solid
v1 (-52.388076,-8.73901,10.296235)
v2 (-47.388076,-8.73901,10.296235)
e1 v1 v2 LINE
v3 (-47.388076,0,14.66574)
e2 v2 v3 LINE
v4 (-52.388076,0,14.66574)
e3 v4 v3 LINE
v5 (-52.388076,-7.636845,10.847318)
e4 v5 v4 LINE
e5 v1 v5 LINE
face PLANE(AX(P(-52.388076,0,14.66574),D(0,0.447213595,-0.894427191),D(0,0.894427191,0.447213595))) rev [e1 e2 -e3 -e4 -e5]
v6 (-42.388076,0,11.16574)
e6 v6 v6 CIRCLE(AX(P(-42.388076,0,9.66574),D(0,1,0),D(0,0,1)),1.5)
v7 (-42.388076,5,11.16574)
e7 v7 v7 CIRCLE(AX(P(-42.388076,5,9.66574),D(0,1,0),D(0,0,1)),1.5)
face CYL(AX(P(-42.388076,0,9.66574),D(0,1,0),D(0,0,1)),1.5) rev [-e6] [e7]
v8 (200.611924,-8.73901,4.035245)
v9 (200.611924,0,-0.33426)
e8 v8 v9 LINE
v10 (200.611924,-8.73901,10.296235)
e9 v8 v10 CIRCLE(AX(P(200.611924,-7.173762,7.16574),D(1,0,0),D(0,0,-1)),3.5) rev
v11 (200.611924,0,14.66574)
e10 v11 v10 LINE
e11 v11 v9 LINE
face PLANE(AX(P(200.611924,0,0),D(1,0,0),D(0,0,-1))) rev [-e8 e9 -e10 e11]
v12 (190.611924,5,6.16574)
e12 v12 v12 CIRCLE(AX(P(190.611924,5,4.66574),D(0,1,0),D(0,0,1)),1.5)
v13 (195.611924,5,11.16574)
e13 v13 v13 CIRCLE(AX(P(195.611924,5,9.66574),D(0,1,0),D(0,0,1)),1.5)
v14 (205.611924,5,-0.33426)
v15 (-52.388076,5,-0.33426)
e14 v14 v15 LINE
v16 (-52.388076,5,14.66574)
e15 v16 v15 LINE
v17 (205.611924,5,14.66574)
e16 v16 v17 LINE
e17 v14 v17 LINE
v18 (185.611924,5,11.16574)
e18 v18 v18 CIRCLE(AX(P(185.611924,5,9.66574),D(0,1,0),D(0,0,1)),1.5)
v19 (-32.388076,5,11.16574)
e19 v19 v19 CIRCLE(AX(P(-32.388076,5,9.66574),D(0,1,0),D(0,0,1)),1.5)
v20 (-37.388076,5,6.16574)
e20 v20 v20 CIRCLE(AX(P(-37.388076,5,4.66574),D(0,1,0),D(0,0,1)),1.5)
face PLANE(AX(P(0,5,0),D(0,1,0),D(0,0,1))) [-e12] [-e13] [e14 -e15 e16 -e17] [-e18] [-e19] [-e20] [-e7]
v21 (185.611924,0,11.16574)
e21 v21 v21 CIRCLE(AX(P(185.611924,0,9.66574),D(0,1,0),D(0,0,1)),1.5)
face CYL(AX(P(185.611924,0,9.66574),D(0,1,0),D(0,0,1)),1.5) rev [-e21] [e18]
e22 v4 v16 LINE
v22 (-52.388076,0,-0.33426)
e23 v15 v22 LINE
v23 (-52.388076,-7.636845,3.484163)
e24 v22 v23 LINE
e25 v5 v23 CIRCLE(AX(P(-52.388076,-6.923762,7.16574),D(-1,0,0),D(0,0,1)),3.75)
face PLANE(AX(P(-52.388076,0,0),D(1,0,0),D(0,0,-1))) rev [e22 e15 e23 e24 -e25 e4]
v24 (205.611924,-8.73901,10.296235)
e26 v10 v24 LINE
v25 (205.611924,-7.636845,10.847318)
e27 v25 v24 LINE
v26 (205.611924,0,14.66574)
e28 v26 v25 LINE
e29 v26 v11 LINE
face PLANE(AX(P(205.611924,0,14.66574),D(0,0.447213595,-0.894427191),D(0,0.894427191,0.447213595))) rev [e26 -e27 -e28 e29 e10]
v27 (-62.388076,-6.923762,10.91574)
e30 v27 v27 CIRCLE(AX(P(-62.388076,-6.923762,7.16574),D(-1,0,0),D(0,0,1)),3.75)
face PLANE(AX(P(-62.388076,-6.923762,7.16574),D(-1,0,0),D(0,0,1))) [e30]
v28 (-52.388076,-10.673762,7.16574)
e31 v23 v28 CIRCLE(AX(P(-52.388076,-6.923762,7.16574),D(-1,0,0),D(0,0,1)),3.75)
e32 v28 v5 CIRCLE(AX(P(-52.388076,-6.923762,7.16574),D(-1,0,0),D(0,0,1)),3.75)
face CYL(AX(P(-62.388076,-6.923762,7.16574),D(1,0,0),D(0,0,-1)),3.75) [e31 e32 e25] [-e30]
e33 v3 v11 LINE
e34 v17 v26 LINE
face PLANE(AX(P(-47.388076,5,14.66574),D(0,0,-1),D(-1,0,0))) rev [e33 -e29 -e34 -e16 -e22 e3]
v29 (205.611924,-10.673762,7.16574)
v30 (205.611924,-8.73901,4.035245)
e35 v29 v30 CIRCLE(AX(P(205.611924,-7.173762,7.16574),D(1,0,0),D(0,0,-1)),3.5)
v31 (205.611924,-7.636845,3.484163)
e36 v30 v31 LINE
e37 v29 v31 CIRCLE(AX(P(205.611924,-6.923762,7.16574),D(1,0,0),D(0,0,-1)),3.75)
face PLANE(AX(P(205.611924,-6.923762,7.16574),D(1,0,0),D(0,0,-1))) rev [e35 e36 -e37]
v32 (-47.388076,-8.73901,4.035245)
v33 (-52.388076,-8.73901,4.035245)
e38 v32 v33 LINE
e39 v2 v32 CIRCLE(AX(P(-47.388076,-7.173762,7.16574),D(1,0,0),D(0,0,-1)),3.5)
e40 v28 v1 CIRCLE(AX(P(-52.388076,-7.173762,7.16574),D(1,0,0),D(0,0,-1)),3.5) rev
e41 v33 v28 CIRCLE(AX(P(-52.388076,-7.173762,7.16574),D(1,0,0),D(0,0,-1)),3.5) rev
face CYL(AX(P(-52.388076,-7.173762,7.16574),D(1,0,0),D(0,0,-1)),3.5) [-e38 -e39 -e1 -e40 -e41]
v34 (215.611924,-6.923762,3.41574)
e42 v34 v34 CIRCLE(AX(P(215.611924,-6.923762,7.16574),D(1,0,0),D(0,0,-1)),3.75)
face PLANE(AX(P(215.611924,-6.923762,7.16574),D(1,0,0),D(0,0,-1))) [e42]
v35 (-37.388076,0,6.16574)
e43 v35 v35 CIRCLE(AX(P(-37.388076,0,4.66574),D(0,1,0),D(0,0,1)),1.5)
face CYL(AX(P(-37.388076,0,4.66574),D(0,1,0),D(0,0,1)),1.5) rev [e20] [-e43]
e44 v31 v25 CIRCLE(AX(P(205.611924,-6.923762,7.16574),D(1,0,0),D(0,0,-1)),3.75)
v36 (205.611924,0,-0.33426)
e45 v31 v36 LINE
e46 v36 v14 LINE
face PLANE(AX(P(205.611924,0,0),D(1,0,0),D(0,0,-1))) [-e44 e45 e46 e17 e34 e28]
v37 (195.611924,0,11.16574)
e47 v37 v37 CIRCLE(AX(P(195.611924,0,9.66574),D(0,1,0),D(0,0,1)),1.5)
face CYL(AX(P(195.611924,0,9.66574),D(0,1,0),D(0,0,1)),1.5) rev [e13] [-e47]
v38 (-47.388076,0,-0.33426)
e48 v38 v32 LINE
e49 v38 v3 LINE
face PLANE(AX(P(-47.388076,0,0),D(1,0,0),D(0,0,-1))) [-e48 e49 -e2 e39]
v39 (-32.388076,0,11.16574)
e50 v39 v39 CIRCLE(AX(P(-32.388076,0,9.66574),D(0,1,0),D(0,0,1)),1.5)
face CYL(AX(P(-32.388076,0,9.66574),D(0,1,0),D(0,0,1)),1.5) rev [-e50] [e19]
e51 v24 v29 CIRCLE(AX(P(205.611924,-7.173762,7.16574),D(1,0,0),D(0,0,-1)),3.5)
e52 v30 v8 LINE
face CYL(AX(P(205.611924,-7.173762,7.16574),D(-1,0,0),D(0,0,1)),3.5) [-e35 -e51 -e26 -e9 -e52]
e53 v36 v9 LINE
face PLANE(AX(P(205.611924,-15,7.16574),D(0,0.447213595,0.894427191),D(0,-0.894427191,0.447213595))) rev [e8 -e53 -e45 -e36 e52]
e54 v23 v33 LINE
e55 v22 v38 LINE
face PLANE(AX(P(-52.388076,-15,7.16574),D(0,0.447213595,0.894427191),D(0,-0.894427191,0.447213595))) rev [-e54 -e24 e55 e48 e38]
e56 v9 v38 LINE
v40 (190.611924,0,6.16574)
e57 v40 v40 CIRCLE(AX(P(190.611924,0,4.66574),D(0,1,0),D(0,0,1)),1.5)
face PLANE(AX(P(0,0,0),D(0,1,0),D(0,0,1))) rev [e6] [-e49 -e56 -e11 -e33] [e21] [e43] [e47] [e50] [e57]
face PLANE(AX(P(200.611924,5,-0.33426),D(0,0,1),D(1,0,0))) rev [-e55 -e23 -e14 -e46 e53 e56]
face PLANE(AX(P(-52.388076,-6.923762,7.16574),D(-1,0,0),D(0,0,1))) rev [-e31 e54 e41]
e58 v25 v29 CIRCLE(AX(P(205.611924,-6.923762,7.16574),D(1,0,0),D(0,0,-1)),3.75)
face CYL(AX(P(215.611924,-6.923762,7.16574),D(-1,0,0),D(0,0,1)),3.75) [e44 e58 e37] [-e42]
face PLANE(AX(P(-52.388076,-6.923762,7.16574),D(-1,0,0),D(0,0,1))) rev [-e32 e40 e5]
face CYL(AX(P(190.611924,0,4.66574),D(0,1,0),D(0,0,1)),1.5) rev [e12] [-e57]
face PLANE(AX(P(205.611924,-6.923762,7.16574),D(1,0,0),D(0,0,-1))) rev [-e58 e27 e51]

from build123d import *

# Parameters (mm, degrees)
SKETCH1_W           = 248
SKETCH1_H           = 15
BOSS_EXTRUDE1_DEPTH = 5
SKETCH2_R           = 1.5
CUT_EXTRUDE1_DEPTH  = 5
BOSS_EXTRUDE2_DEPTH = 5
FILLET1_R           = 3.5
SKETCH4_R           = 3.75
BOSS_EXTRUDE3_DEPTH = 10
BOSS_EXTRUDE4_DEPTH = 5
FILLET2_R           = 3.5
BOSS_EXTRUDE5_START = 10
SKETCH6_R           = 3.75
BOSS_EXTRUDE5_DEPTH = 10


with BuildPart() as part:
    # Sketch1 → Boss-Extrude1 (new body)
    with BuildSketch(Plane(origin=(0, 0, 0), x_dir=(1, 0, 0), z_dir=(0, 1, 0))):
        with Locations((76.611924132, -7.165740151)):
            Rectangle(SKETCH1_W, SKETCH1_H)
    extrude(amount=BOSS_EXTRUDE1_DEPTH)

    # Sketch2 → Cut-Extrude1 (cut)
    with BuildSketch(Plane(origin=(0, 5, 0), x_dir=(1, 0, 0), z_dir=(0, 1, 0))):
        with Locations(Location((-42.388075868, -9.665740151, 0), (0, 0, 270))):
            Circle(SKETCH2_R)
        with Locations(Location((-37.388075868, -4.665740151, 0), (0, 0, 270))):
            Circle(SKETCH2_R)
        with Locations(Location((-32.388075868, -9.665740151, 0), (0, 0, 270))):
            Circle(SKETCH2_R)
        with Locations(Location((185.611924132, -9.665740151, 0), (0, 0, 270))):
            Circle(SKETCH2_R)
        with Locations(Location((190.611924132, -4.665740151, 0), (0, 0, 270))):
            Circle(SKETCH2_R)
        with Locations(Location((195.611924132, -9.665740151, 0), (0, 0, 270))):
            Circle(SKETCH2_R)
    extrude(amount=-CUT_EXTRUDE1_DEPTH, mode=Mode.SUBTRACT)

    # Sketch3 → Boss-Extrude2 (add)
    with BuildSketch(Plane(origin=(200.611924132, 0, 0), x_dir=(0, 0, -1), z_dir=(1, 0, 0))):
        Polygon((0.334259849, 0), (0.334259849, 5), (-14.665740151, 5), (-14.665740151, 0), (-7.165740151, -15), align=None)
    extrude(amount=BOSS_EXTRUDE2_DEPTH)

    # Fillet1
    fillet1_edges = [part.edges().sort_by_distance(p)[0] for p in [
        (203.111924132, -15, 7.165740151),
    ]]
    fillet(fillet1_edges, radius=FILLET1_R)

    # Sketch4 → Boss-Extrude3 (add)
    with BuildSketch(Plane(origin=(205.611924132, 0, 0), x_dir=(0, 0, -1), z_dir=(1, 0, 0))):
        with Locations(Location((-7.165740151, -6.923762079, 0), (0, 0, 190.96185694))):
            Circle(SKETCH4_R)
    extrude(amount=BOSS_EXTRUDE3_DEPTH)

    # Sketch5 → Boss-Extrude4 (add)
    with BuildSketch(Plane.ZY.offset(47.388075868)):
        Polygon((-0.334259849, 0), (-0.334259849, 5), (14.665740151, 5), (14.665740151, 0), (7.165740151, -15), align=None)
    extrude(amount=BOSS_EXTRUDE4_DEPTH)

    # Fillet2
    fillet2_edges = [part.edges().sort_by_distance(p)[0] for p in [
        (-49.888075868, -15, 7.165740151),
    ]]
    fillet(fillet2_edges, radius=FILLET2_R)

    # Sketch6 → Boss-Extrude5 (add)
    with BuildSketch(Plane.ZY.offset(52.388075868).offset(BOSS_EXTRUDE5_START)):
        with Locations(Location((7.165740151, -6.923762079, 0), (0, 0, 349.03814306))):
            Circle(SKETCH6_R)
    extrude(amount=-BOSS_EXTRUDE5_DEPTH)


solid = part.part
